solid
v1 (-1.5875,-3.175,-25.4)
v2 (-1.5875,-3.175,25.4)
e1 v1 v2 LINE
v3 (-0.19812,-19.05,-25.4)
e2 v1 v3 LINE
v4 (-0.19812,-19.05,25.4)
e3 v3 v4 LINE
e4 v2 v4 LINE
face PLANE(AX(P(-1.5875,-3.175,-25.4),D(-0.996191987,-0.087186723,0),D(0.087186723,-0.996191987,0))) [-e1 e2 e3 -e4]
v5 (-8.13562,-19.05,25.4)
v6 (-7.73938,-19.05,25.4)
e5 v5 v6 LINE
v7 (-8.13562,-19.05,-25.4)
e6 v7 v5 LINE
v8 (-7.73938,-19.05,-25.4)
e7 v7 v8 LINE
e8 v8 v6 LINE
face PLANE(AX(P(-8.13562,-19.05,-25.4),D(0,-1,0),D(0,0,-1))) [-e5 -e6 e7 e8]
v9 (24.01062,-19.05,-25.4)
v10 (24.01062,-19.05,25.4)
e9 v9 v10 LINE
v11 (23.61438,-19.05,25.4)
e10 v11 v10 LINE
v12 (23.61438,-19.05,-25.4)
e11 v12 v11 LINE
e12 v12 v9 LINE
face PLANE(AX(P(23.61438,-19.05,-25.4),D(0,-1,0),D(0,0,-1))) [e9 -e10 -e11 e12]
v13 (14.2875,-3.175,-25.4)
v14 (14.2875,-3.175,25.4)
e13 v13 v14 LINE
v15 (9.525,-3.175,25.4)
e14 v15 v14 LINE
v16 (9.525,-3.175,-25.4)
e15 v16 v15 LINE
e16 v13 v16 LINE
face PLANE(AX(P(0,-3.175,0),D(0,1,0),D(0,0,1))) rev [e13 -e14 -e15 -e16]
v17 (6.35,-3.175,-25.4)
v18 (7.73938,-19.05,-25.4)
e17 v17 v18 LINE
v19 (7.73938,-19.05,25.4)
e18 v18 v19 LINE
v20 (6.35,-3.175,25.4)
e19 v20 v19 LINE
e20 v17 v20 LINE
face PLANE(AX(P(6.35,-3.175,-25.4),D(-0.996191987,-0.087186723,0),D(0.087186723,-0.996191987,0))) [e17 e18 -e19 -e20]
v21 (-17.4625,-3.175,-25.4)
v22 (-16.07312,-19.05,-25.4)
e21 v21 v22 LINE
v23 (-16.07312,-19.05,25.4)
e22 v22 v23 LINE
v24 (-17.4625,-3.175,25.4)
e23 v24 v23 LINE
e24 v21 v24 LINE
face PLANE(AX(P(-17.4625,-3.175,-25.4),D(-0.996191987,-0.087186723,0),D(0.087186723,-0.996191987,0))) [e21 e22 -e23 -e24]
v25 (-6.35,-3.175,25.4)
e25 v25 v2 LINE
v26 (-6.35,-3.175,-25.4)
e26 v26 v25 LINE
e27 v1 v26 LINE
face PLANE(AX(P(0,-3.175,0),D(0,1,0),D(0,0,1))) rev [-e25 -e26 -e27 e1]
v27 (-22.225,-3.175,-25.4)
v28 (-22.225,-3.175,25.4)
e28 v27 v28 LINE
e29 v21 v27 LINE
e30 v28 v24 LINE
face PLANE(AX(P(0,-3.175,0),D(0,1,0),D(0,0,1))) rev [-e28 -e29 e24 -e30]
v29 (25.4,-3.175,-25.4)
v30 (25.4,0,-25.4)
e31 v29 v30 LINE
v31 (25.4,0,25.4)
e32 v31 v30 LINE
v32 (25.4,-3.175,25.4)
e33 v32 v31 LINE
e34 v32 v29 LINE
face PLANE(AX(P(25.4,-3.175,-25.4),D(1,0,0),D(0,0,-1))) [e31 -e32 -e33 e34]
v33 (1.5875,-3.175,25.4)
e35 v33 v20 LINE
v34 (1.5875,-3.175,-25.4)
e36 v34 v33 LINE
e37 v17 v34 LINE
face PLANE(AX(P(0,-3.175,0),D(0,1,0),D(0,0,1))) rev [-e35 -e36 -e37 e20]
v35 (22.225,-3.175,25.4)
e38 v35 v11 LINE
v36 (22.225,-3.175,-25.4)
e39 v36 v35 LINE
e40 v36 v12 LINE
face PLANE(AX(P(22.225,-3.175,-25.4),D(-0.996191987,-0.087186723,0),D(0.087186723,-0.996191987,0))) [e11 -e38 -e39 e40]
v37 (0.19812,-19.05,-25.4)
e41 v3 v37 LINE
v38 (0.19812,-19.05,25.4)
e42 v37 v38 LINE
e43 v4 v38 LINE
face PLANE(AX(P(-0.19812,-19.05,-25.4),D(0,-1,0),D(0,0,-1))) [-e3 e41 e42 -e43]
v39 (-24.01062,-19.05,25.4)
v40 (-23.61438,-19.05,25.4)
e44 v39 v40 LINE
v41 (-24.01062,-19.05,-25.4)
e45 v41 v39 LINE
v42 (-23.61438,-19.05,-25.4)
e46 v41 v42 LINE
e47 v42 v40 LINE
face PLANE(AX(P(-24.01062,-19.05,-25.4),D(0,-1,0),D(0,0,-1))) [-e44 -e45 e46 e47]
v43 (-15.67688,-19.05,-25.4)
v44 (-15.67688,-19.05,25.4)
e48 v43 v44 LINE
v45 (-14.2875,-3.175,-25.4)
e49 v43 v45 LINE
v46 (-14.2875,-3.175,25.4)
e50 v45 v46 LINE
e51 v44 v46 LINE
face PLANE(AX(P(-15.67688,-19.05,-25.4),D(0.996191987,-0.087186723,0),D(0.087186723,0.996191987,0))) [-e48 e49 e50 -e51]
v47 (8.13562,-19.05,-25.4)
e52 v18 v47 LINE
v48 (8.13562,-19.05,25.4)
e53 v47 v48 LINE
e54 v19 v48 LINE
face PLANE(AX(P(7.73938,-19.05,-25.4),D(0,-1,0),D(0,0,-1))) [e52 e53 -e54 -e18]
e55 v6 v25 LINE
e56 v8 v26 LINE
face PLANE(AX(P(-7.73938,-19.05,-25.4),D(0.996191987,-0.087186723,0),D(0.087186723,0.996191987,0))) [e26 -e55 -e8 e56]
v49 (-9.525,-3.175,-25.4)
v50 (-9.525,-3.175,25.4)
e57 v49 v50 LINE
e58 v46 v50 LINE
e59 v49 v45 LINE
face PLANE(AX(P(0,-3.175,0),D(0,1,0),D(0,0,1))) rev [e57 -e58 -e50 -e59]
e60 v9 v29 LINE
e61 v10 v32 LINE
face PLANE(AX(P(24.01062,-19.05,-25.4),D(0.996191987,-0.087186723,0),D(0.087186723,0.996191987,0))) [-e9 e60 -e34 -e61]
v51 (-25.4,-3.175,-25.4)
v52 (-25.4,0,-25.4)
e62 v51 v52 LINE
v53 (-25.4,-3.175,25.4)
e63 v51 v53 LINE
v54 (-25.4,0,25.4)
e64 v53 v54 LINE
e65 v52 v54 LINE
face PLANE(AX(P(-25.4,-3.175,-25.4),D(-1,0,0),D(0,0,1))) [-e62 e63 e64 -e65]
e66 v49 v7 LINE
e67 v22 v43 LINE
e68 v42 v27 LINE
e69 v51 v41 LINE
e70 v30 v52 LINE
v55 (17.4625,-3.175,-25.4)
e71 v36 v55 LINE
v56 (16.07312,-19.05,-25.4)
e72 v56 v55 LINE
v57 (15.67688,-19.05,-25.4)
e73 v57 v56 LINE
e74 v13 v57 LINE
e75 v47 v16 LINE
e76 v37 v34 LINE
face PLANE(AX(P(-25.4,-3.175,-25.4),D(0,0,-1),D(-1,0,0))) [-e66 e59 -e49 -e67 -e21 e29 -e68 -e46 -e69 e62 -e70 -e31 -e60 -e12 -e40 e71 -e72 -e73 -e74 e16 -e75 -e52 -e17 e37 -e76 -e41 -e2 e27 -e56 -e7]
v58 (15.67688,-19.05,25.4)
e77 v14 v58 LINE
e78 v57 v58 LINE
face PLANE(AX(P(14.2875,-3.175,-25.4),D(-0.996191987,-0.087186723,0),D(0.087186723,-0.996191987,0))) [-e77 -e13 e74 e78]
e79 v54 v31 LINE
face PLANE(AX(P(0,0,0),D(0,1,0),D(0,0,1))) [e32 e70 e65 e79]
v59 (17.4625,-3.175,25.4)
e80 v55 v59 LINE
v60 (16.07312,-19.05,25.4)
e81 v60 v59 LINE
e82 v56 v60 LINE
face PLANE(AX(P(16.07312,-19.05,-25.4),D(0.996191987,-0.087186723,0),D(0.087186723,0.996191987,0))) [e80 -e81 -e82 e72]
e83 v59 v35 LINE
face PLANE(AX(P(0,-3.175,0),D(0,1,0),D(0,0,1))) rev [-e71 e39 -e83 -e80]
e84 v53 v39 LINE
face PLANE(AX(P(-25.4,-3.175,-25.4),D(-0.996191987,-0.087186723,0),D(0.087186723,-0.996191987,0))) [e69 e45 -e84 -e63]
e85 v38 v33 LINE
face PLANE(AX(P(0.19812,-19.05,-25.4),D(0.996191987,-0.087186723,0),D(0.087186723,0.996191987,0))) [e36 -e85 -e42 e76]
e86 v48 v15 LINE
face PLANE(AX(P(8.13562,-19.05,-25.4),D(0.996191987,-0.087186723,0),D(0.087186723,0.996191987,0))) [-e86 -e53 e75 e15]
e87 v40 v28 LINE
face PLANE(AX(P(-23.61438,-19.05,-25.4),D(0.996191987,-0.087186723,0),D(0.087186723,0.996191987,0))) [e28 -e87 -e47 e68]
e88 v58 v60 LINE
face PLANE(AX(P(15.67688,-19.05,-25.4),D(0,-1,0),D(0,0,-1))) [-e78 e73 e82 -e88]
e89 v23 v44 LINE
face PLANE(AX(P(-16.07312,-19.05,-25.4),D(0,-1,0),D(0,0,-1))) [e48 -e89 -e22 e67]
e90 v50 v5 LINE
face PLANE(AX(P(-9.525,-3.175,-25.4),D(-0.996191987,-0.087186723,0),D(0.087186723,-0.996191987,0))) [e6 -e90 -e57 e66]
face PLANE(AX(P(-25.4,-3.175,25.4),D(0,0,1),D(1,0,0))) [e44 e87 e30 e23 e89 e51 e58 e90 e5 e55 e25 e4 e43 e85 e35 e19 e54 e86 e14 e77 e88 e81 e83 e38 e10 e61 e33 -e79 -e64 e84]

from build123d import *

# Parameters (mm, degrees)
SKETCH1_W           = 50.8
SKETCH1_H           = 50.8
BOSS_EXTRUDE1_DEPTH = 3.175
BOSS_EXTRUDE2_DEPTH = 50.8
LPATTERN1_COUNT     = 7
LPATTERN1_PITCH     = 7.9375


with BuildPart() as part:
    # Sketch1 → Boss-Extrude1 (new body)
    with BuildSketch(Plane(origin=(0, 0, 0), x_dir=(1, 0, 0), z_dir=(0, 1, 0))):
        Rectangle(SKETCH1_W, SKETCH1_H)
    extrude(amount=-BOSS_EXTRUDE1_DEPTH)

    # Sketch2 → Boss-Extrude2 (add, through all)
    with BuildSketch(Plane.XY.offset(25.4)):
        Polygon((-25.4, -3.175), (-24.01062, -19.05), (-23.61438, -19.05), (-22.225, -3.175), align=None)
    boss_extrude2 = extrude(amount=-BOSS_EXTRUDE2_DEPTH)

    # LPattern1: Boss-Extrude2 ×7
    with Locations(*[(i * LPATTERN1_PITCH, 0, 0) for i in range(1, LPATTERN1_COUNT)]):
        add(boss_extrude2)


solid = part.part
